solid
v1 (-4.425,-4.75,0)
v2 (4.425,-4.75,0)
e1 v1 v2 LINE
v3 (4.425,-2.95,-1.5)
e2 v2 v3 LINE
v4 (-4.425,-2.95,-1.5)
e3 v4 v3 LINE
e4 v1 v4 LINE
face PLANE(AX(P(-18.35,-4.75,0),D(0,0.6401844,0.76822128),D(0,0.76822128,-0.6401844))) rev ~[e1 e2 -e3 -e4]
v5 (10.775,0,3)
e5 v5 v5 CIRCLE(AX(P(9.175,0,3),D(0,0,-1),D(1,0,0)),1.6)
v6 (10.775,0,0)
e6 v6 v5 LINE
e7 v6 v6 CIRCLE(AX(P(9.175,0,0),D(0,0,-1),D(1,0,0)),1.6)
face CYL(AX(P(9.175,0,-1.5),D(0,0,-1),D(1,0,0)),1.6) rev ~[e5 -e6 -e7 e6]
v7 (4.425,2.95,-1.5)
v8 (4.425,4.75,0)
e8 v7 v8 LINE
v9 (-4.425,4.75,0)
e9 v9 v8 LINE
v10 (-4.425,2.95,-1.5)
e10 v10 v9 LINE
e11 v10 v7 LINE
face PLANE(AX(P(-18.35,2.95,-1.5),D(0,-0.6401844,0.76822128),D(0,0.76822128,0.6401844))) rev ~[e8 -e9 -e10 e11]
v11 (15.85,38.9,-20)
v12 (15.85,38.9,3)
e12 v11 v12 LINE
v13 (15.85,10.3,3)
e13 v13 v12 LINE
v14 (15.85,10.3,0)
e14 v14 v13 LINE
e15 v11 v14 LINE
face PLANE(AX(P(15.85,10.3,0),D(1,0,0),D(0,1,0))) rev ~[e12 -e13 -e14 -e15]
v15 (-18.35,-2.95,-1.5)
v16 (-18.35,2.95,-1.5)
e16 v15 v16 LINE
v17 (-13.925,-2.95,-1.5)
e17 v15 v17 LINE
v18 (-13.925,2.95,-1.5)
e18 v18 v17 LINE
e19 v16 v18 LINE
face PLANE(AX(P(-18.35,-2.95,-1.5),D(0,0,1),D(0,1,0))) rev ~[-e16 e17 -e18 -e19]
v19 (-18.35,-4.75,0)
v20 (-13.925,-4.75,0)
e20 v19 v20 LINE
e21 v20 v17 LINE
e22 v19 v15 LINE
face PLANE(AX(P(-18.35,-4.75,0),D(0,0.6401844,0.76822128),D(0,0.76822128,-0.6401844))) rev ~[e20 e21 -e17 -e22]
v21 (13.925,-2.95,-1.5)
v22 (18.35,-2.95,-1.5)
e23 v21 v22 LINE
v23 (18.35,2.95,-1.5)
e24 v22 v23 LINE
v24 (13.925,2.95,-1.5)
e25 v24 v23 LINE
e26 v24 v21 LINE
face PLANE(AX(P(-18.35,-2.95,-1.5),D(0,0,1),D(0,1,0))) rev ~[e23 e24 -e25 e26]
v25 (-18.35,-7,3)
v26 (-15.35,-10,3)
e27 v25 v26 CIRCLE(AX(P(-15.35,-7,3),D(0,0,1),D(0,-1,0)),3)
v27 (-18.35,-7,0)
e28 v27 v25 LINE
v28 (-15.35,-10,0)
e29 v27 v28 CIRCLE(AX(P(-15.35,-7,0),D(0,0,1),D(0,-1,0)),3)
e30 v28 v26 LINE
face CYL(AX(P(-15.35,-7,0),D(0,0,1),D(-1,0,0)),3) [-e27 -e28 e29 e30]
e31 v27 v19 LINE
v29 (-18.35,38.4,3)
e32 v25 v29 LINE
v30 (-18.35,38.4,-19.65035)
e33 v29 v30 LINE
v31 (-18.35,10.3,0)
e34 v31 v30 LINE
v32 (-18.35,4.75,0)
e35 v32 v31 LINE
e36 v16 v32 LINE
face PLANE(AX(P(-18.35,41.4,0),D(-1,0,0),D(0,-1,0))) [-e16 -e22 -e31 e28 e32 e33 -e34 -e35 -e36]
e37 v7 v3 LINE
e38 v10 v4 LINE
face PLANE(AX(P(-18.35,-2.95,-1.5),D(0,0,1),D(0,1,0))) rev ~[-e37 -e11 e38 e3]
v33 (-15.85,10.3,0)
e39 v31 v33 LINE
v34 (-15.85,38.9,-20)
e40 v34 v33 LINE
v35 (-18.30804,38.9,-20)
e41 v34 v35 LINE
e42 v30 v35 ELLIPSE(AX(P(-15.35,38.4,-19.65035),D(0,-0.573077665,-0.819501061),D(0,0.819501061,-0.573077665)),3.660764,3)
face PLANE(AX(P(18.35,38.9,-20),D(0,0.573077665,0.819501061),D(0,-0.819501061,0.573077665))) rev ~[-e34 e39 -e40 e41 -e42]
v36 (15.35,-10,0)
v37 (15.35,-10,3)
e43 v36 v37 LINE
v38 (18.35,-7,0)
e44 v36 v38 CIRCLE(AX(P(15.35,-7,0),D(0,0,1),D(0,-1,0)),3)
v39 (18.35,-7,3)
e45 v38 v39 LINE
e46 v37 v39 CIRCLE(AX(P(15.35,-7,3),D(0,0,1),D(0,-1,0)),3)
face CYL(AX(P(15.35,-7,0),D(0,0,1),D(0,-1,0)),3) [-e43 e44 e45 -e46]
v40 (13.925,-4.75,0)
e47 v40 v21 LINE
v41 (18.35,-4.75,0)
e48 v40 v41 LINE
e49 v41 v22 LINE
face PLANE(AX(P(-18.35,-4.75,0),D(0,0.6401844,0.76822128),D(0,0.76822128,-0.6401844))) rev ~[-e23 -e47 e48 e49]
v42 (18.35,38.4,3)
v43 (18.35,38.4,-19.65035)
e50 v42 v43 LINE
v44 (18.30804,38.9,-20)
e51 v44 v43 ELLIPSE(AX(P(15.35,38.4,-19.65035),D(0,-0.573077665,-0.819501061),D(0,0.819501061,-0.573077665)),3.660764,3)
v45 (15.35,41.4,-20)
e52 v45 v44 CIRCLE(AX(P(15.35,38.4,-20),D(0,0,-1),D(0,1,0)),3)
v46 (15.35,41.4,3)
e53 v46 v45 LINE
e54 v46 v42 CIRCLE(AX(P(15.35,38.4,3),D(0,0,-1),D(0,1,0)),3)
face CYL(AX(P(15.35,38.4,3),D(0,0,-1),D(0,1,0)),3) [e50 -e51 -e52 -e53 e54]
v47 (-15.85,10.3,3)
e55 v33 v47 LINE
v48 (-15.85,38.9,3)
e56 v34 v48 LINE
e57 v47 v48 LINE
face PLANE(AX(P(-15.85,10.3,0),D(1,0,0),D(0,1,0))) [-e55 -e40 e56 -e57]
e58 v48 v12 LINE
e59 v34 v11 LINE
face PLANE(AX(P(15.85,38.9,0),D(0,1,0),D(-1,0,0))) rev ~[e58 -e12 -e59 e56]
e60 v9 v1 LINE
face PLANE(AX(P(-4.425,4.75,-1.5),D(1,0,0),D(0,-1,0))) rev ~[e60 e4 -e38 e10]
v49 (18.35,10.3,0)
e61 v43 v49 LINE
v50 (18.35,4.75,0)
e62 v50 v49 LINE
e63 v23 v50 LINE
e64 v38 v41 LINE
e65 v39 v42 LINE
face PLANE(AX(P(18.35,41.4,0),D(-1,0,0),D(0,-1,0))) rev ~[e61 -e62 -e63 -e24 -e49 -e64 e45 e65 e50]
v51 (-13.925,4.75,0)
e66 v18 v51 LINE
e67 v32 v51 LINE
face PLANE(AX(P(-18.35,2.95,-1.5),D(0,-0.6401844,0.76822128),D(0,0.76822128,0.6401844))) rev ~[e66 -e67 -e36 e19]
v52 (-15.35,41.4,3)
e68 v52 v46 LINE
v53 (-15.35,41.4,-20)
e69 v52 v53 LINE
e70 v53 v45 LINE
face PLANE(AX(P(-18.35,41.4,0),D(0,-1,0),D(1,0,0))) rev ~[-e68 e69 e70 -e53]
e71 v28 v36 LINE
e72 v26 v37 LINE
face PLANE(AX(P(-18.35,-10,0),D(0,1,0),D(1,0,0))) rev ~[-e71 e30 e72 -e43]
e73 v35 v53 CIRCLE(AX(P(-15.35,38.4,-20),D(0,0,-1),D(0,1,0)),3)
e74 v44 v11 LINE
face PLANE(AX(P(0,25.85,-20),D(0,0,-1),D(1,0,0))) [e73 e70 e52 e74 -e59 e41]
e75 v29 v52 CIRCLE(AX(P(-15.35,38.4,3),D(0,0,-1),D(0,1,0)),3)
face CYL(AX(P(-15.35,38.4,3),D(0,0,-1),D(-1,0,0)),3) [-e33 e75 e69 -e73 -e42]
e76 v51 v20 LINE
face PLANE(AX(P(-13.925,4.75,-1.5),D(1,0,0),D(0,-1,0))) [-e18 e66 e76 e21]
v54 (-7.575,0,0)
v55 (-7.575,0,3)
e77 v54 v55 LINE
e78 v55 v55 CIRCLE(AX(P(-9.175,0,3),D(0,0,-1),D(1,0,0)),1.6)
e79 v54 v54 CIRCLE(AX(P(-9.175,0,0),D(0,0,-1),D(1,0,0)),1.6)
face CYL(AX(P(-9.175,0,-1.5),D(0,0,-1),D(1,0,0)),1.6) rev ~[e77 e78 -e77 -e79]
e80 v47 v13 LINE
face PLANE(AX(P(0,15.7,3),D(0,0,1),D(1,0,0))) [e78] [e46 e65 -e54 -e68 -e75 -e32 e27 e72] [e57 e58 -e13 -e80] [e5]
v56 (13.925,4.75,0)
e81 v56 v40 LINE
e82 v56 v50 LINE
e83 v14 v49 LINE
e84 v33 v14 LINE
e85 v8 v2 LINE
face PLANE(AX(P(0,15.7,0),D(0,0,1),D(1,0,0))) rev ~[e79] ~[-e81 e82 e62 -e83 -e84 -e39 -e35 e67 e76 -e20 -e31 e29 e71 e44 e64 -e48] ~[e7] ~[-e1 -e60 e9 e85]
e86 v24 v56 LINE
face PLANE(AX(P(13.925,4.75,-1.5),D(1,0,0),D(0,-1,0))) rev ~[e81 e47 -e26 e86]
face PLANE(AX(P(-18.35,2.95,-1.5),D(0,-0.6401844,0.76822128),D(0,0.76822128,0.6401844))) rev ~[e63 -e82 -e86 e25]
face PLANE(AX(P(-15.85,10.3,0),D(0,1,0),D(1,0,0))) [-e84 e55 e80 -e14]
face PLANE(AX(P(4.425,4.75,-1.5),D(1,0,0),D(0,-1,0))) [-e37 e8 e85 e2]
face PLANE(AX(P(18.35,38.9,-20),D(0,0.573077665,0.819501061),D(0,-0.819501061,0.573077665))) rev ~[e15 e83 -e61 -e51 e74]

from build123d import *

# Parameters (mm, degrees)
SKETCH_W        = 36.7
SKETCH_H        = 51.4
SKETCH_W_2      = 31.7
SKETCH_H_2      = 28.6
PAD_DEPTH       = 3
PAD001_DEPTH    = 36.7
SKETCH002_R     = 1.6
POCKET_DEPTH    = 4.501
SKETCH003_W     = 9.5
SKETCH003_H     = 9.5
POCKET001_DEPTH = 1.5
SKETCH004_W     = 36.7
SKETCH004_H     = 31.1
PAD002_DEPTH    = 20
PAD002_FACE31_W = 28.6
PAD002_FACE31_H = 31.7
POCKET002_DEPTH = 20.001
POCKET003_DEPTH = 36.701
FILLET_R        = 3


with BuildPart() as part:
    # Sketch → Pad (new body)
    with BuildSketch(Plane.XY):
        with Locations((0, 15.7)):
            Rectangle(SKETCH_W, SKETCH_H)
        with Locations((0, 24.6)):
            Rectangle(SKETCH_W_2, SKETCH_H_2, mode=Mode.SUBTRACT)
    extrude(amount=PAD_DEPTH)

    # Sketch001 (on Face4 of Pad) → Pad001 (join)
    with BuildSketch(Plane(origin=(-18.35, 0, 0), x_dir=(0, -1, 0), z_dir=(-1, 0, 0))):
        Polygon((-4.75, 0), (4.75, 0), (2.95, -1.5), (-2.95, -1.5), align=None)
    extrude(amount=-PAD001_DEPTH)

    # Sketch002 (on Face16 of Pad001) → Pocket (cut, through all)
    with BuildSketch(Plane(origin=(0, 0, -1.5), x_dir=(1, 0, 0), z_dir=(0, 0, -1))):
        with Locations((-9.175, 0)):
            Circle(SKETCH002_R)
        with Locations((9.175, 0)):
            Circle(SKETCH002_R)
    extrude(amount=-POCKET_DEPTH, mode=Mode.SUBTRACT)

    # Sketch003 (on Face18 of Pocket) → Pocket001 (cut)
    with BuildSketch(Plane(origin=(0, 0, -1.5), x_dir=(1, 0, 0), z_dir=(0, 0, -1))):
        with Locations((-9.175, 0)):
            Rectangle(SKETCH003_W, SKETCH003_H)
        with Locations((9.175, 0)):
            Rectangle(SKETCH003_W, SKETCH003_H)
    extrude(amount=-POCKET001_DEPTH, mode=Mode.SUBTRACT)

    # Sketch004 (on Face4 of Pocket001) → Pad002 (join)
    with BuildSketch(Plane(origin=(0, 0, 0), x_dir=(1, 0, 0), z_dir=(0, 0, -1))):
        with Locations((0, -25.85)):
            Rectangle(SKETCH004_W, SKETCH004_H)
    extrude(amount=PAD002_DEPTH)

    # Pad002 Face31 → Pocket002 (cut, through all)
    with BuildSketch(Plane(origin=(0, 24.6, 0), x_dir=(0, 1, 0), z_dir=(0, 0, 1))):
        Rectangle(PAD002_FACE31_W, PAD002_FACE31_H)
    extrude(amount=-POCKET002_DEPTH, mode=Mode.SUBTRACT)

    # Sketch005 (on Face11 of Pocket002) → Pocket003 (cut, through all)
    with BuildSketch(Plane.YZ.offset(18.35)):
        Polygon((10.3, 0), (10.3, -20), (38.9, -20), align=None)
    extrude(amount=-POCKET003_DEPTH, mode=Mode.SUBTRACT)

    # Fillet
    fillet_edges = [part.edges().sort_by_distance(p)[0] for p in [
        (18.35, 41.4, -10),
        (-18.35, 41.4, -10),
        (-18.35, -10, 1.5),
        (18.35, -10, 1.5),
    ]]
    fillet(fillet_edges, radius=FILLET_R)


solid = part.part
